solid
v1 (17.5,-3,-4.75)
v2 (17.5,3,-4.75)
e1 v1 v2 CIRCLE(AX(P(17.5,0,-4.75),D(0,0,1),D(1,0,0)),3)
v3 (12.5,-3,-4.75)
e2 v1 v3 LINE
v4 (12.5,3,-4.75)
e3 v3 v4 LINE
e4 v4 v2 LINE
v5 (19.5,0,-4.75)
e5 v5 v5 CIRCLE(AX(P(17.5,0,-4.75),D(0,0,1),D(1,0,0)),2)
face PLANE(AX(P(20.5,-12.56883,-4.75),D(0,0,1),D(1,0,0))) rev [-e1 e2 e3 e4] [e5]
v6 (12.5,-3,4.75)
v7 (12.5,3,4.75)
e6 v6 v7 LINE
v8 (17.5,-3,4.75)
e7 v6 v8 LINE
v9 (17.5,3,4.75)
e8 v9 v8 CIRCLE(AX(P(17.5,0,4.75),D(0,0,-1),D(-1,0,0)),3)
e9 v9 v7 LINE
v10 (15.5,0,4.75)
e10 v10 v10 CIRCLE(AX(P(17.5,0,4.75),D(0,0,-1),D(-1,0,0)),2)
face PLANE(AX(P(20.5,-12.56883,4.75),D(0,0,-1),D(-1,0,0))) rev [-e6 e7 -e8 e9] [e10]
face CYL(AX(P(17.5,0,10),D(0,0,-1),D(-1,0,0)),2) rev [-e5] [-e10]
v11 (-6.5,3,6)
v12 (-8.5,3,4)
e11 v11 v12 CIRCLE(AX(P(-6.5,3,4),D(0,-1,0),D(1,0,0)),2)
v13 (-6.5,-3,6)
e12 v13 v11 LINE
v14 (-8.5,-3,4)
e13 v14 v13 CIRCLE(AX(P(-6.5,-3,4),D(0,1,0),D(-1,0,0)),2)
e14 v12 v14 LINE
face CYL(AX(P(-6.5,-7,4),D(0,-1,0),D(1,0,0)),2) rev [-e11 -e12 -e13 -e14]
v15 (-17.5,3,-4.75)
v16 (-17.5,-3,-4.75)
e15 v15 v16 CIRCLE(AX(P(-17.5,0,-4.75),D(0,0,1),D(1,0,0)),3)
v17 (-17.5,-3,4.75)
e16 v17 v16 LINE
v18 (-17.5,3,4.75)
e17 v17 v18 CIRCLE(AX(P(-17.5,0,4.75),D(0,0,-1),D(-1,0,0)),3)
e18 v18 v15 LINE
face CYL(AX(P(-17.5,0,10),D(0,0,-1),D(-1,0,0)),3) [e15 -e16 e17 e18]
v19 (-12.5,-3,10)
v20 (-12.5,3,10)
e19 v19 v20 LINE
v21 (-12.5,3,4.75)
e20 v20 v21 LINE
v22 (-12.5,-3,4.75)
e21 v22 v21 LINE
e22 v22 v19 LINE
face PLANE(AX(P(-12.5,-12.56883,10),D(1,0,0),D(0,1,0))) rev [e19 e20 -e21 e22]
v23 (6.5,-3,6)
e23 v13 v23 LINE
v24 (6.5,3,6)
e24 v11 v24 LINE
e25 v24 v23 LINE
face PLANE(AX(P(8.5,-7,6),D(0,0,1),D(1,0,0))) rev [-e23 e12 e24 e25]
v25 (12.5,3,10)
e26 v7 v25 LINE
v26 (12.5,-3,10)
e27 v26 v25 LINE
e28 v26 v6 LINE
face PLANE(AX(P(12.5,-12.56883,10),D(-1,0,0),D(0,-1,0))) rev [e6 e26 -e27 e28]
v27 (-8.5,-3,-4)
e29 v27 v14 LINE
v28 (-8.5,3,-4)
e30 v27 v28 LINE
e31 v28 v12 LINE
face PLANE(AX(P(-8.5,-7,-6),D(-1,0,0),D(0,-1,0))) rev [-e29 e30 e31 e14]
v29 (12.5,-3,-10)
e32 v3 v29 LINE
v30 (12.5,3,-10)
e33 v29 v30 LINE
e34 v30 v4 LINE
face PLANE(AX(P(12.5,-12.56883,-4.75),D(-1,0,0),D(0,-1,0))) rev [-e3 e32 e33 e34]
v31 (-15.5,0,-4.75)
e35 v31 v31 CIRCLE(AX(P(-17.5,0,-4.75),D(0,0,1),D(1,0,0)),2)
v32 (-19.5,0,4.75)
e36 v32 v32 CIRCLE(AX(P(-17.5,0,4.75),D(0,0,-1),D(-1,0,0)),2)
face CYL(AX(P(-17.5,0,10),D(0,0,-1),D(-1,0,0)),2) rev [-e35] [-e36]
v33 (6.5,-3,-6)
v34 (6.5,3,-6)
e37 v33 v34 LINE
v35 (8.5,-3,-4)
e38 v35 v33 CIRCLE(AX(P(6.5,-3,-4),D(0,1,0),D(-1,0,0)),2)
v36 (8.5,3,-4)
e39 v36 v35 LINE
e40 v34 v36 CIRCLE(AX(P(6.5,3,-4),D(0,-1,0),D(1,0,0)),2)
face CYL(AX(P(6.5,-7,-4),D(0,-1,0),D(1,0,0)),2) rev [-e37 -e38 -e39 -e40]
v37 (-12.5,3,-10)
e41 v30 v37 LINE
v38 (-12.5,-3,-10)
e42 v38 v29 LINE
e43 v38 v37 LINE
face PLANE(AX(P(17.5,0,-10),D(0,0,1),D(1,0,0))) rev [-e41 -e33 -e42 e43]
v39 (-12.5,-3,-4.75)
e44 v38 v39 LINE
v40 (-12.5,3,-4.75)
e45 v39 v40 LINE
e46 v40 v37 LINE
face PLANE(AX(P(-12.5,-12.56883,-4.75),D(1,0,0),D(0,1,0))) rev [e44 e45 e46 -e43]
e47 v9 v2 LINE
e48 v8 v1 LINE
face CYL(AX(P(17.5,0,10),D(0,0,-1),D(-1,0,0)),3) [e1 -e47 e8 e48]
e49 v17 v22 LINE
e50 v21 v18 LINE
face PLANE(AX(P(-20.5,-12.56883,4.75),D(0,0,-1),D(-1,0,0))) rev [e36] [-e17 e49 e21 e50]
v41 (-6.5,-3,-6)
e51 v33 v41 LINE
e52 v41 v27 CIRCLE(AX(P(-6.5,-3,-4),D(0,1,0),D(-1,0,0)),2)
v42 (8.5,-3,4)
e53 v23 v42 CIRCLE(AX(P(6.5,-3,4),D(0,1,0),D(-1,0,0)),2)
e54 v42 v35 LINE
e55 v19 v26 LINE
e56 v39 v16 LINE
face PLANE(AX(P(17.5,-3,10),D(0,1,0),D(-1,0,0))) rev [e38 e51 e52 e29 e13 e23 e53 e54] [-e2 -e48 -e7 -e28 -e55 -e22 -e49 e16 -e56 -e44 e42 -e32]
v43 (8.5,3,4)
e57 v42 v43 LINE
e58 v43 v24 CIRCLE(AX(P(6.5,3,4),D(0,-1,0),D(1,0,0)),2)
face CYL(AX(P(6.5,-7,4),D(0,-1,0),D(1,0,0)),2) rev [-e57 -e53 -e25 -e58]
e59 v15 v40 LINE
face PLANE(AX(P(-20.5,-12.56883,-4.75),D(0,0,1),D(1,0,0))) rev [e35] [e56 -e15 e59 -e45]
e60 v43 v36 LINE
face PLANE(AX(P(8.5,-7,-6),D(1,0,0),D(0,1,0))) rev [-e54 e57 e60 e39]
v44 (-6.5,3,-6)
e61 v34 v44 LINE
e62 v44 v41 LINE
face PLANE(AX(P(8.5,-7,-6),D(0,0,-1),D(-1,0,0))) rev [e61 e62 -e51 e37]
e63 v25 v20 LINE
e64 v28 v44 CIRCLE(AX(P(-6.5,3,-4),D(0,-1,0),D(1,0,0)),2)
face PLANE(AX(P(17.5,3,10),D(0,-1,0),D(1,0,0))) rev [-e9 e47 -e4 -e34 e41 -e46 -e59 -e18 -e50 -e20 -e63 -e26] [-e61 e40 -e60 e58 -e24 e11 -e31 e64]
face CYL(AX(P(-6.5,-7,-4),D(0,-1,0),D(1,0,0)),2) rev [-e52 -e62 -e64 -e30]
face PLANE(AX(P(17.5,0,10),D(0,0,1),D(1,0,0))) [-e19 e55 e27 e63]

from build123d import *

# Parameters (mm, degrees)
SKETCH1_R           = 2
BOSS_EXTRUDE1_DEPTH = 10
CUT_EXTRUDE3_REACH  = 25.585
SKETCH2_W           = 8
SKETCH2_H           = 5.25
SKETCH3_W           = 17
SKETCH3_H           = 12
CUT_EXTRUDE4_DEPTH  = 10
FILLET1_R           = 2


with BuildPart() as part:
    # Sketch1 → Boss-Extrude1 (new, symmetric)
    with BuildSketch(Plane.XY):
        with BuildLine():
            Line((17.5, -3), (-17.5, -3))
            ThreePointArc((-17.5, -3), (-20.5, 0), (-17.5, 3))
            Line((-17.5, 3), (17.5, 3))
            ThreePointArc((17.5, 3), (20.5, 0), (17.5, -3))
        make_face()
        with Locations((17.5, 0)):
            Circle(SKETCH1_R, mode=Mode.SUBTRACT)
        with Locations((-17.5, 0)):
            Circle(SKETCH1_R, mode=Mode.SUBTRACT)
    extrude(amount=BOSS_EXTRUDE1_DEPTH, both=True)

    # Cut-Extrude3: up to this face of the body (flat: up to its plane)
    cut_extrude3_end = Plane(part.part.faces().sort_by_distance((0, -3, 0))[0])
    # Sketch2 → Cut-Extrude3 (cut, up to the picked face)
    with BuildSketch(Plane(origin=(0, 3, 0), x_dir=(1, 0, 0), z_dir=(0, 1, 0)), mode=Mode.PRIVATE) as cut_extrude3_sk1:
        with Locations((-16.5, -7.375)):
            Rectangle(SKETCH2_W, SKETCH2_H)
    cut_extrude3_tool1 = split(extrude(cut_extrude3_sk1.sketch, amount=-CUT_EXTRUDE3_REACH, mode=Mode.PRIVATE), bisect_by=cut_extrude3_end, keep=Keep.BOTH, mode=Mode.PRIVATE)
    # Sketch2 → Cut-Extrude3 (cut, up to the picked face)
    with BuildSketch(Plane(origin=(0, 3, 0), x_dir=(1, 0, 0), z_dir=(0, 1, 0)), mode=Mode.PRIVATE) as cut_extrude3_sk2:
        with Locations((-16.5, 7.375)):
            Rectangle(SKETCH2_W, SKETCH2_H)
    cut_extrude3_tool2 = split(extrude(cut_extrude3_sk2.sketch, amount=-CUT_EXTRUDE3_REACH, mode=Mode.PRIVATE), bisect_by=cut_extrude3_end, keep=Keep.BOTH, mode=Mode.PRIVATE)
    # Sketch2 → Cut-Extrude3 (cut, up to the picked face)
    with BuildSketch(Plane(origin=(0, 3, 0), x_dir=(1, 0, 0), z_dir=(0, 1, 0)), mode=Mode.PRIVATE) as cut_extrude3_sk3:
        with Locations((16.5, 7.375)):
            Rectangle(SKETCH2_W, SKETCH2_H)
    cut_extrude3_tool3 = split(extrude(cut_extrude3_sk3.sketch, amount=-CUT_EXTRUDE3_REACH, mode=Mode.PRIVATE), bisect_by=cut_extrude3_end, keep=Keep.BOTH, mode=Mode.PRIVATE)
    # Sketch2 → Cut-Extrude3 (cut, up to the picked face)
    with BuildSketch(Plane(origin=(0, 3, 0), x_dir=(1, 0, 0), z_dir=(0, 1, 0)), mode=Mode.PRIVATE) as cut_extrude3_sk4:
        with Locations((16.5, -7.375)):
            Rectangle(SKETCH2_W, SKETCH2_H)
    cut_extrude3_tool4 = split(extrude(cut_extrude3_sk4.sketch, amount=-CUT_EXTRUDE3_REACH, mode=Mode.PRIVATE), bisect_by=cut_extrude3_end, keep=Keep.BOTH, mode=Mode.PRIVATE)
    add(cut_extrude3_tool1.solids().sort_by(Axis((-16.5, 3, 7.375), (0, -1, 0)))[0], mode=Mode.SUBTRACT)
    add(cut_extrude3_tool2.solids().sort_by(Axis((-16.5, 3, -7.375), (0, -1, 0)))[0], mode=Mode.SUBTRACT)
    add(cut_extrude3_tool3.solids().sort_by(Axis((16.5, 3, -7.375), (0, -1, 0)))[0], mode=Mode.SUBTRACT)
    add(cut_extrude3_tool4.solids().sort_by(Axis((16.5, 3, 7.375), (0, -1, 0)))[0], mode=Mode.SUBTRACT)

    # Sketch3 → Cut-Extrude4 (cut)
    with BuildSketch(Plane(origin=(0, 3, 0), x_dir=(1, 0, 0), z_dir=(0, 1, 0))):
        Rectangle(SKETCH3_W, SKETCH3_H)
    extrude(amount=-CUT_EXTRUDE4_DEPTH, mode=Mode.SUBTRACT)

    # Fillet1
    fillet1_edges = [part.edges().sort_by_distance(p)[0] for p in [
        (-8.5, 0, 6),
        (-8.5, 0, -6),
        (8.5, 0, -6),
        (8.5, 0, 6),
    ]]
    fillet(fillet1_edges, radius=FILLET1_R)


solid = part.part
